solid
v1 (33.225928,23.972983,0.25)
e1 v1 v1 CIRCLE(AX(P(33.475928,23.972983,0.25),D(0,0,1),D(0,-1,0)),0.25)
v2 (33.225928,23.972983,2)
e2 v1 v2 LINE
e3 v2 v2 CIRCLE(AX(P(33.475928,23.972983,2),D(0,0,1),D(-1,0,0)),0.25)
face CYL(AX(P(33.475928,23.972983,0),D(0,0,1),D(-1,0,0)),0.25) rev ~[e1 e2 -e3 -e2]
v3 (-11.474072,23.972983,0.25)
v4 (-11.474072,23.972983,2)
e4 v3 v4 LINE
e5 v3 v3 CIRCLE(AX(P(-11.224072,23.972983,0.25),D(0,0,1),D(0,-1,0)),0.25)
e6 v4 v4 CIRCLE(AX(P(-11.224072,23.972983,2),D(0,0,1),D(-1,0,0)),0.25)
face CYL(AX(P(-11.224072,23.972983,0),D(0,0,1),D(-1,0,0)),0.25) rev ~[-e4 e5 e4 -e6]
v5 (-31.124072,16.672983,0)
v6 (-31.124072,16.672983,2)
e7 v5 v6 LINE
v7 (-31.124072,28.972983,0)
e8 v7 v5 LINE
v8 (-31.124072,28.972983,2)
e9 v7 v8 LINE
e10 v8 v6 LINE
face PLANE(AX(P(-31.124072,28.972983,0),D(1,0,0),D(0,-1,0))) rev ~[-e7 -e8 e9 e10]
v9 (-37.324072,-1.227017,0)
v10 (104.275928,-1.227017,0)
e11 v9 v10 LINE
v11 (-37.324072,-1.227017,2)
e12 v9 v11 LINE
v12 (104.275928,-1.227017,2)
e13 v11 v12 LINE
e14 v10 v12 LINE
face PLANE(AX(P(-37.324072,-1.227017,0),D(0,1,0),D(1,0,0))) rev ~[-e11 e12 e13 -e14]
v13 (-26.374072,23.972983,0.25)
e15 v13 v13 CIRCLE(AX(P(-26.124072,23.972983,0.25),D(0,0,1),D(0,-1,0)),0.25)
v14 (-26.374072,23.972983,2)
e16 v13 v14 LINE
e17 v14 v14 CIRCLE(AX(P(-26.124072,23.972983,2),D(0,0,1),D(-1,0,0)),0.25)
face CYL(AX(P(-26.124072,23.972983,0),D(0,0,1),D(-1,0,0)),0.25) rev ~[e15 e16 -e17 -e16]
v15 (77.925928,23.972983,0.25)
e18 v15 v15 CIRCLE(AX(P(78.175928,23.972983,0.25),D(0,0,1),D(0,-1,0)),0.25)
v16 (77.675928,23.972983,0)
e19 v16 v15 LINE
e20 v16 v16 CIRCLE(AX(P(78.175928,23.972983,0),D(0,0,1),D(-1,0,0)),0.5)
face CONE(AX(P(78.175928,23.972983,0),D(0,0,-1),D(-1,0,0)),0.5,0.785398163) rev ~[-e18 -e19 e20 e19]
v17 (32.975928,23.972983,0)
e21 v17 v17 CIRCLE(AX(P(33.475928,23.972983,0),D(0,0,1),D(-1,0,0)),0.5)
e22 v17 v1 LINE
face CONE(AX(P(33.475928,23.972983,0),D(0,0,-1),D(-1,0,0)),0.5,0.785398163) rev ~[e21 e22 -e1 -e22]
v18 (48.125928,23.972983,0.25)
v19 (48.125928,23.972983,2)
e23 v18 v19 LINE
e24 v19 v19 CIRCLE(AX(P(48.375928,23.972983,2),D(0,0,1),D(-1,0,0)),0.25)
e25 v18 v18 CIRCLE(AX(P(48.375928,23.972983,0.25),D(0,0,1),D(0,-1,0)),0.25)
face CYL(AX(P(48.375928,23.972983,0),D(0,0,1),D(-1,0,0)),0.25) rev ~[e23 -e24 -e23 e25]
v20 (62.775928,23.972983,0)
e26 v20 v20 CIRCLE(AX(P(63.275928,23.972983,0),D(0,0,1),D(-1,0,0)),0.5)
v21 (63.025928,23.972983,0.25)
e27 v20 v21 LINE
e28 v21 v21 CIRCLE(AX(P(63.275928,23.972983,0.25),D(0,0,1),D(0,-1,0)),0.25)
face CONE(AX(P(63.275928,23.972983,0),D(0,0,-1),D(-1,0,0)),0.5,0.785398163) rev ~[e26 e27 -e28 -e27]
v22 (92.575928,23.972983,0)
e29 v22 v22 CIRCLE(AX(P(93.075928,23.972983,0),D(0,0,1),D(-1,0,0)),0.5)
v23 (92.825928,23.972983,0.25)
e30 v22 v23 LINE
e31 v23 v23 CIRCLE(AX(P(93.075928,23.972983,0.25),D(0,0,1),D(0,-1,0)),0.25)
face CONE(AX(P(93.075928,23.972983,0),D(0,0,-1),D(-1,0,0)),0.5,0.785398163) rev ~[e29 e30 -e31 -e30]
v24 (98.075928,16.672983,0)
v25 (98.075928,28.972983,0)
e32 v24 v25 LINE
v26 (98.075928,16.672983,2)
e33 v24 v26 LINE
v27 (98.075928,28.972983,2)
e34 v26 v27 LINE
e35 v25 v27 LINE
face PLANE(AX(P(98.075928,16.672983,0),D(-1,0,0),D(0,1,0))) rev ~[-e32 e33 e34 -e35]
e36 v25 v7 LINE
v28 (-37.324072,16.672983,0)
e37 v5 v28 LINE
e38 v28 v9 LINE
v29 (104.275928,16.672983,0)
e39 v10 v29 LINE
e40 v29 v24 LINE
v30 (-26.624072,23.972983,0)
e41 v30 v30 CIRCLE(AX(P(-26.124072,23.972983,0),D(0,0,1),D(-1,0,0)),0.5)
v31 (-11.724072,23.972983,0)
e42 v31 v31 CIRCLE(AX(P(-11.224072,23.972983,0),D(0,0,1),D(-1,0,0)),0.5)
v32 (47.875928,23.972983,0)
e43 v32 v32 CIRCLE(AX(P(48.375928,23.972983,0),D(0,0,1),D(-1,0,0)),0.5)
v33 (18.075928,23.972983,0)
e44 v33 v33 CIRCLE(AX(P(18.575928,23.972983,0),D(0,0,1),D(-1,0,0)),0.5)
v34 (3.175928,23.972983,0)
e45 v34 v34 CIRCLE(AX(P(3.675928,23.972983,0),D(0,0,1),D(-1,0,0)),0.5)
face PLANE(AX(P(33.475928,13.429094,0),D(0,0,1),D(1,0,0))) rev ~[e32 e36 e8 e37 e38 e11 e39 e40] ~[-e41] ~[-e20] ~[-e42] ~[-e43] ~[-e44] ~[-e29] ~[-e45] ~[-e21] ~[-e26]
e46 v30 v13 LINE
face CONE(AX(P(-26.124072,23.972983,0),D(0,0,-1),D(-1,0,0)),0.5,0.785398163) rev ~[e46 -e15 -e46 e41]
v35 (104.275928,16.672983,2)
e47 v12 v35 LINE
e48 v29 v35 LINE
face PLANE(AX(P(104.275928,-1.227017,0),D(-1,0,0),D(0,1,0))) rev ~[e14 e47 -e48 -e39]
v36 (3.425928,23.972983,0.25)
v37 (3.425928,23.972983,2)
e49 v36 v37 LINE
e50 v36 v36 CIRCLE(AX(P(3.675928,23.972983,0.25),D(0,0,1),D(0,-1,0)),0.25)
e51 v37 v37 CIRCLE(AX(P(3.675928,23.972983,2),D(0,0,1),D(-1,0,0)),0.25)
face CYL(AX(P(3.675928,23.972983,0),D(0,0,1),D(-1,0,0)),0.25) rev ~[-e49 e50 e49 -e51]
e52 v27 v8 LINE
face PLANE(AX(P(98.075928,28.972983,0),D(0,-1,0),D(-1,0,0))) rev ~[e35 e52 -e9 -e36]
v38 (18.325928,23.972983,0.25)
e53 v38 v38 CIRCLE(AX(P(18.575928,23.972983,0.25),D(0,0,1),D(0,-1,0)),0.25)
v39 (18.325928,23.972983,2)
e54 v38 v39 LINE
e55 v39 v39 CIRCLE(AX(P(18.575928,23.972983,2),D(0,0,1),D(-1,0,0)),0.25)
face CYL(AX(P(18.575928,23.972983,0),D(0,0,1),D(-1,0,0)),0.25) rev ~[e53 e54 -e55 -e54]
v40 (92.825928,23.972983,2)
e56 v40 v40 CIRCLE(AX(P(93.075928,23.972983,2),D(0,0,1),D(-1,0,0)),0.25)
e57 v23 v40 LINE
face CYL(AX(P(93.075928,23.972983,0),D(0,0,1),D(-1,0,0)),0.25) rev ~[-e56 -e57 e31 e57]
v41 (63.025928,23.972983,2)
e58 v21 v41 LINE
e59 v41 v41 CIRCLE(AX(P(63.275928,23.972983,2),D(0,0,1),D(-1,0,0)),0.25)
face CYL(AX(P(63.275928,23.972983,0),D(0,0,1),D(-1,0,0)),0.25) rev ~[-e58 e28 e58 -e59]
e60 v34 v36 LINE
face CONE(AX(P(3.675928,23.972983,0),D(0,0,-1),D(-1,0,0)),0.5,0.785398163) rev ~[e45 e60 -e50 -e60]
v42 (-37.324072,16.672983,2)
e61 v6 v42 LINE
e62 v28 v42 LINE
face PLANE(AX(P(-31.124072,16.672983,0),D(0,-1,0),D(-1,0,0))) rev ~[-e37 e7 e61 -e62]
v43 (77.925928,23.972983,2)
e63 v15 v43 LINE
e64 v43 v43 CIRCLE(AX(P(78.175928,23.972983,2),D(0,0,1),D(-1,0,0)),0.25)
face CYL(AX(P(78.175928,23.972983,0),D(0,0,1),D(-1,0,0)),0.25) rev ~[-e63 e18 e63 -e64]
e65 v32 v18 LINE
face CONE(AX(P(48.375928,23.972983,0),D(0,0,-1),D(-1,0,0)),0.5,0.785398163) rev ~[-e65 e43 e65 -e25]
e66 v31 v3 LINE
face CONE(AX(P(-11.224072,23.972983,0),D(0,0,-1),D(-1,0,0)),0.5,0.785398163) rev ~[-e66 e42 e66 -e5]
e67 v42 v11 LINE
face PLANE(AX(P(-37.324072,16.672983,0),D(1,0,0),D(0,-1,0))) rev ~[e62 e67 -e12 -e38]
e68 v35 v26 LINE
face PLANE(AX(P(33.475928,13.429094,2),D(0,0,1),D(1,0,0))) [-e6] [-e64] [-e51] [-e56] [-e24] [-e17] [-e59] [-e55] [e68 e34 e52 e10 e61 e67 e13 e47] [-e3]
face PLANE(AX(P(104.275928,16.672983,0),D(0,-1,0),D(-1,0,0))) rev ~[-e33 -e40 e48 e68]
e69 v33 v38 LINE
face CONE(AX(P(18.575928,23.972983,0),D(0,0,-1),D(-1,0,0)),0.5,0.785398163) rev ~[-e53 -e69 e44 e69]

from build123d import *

# Parameters (mm, degrees)
F1_DEPTH       = 2
F2_D           = 0.5
F2_CSINK_D     = 1
F2_CSINK_ANGLE = 90


with BuildPart() as f1:
    # F0 (on Top) → F1 (new body)
    with BuildSketch(Plane.XY):
        Polygon((-37.3240720307, 16.6729825407), (-37.3240720307, -1.2270174593), (104.2759279693, -1.2270174593), (104.2759279693, 16.6729825407), (98.0759279693, 16.6729825407), (98.0759279693, 28.9729825407), (-31.1240720307, 28.9729825407), (-31.1240720307, 16.6729825407), align=None)
    extrude(amount=F1_DEPTH)

    # F2 (through all)
    with Locations(Plane(origin=(0, 0, 0), x_dir=(1, 0, 0), z_dir=(0, 0, -1))):
        with Locations((-26.1240720307, -23.9729825407), (-11.2240720307, -23.9729825407), (3.6759279693, -23.9729825407), (18.5759279693, -23.9729825407), (33.4759279693, -23.9729825407), (48.3759279693, -23.9729825407), (63.2759279693, -23.9729825407), (78.1759279693, -23.9729825407), (93.0759279693, -23.9729825407)):
            CounterSinkHole(F2_D / 2, F2_CSINK_D / 2, counter_sink_angle=F2_CSINK_ANGLE)


solid = f1.part
